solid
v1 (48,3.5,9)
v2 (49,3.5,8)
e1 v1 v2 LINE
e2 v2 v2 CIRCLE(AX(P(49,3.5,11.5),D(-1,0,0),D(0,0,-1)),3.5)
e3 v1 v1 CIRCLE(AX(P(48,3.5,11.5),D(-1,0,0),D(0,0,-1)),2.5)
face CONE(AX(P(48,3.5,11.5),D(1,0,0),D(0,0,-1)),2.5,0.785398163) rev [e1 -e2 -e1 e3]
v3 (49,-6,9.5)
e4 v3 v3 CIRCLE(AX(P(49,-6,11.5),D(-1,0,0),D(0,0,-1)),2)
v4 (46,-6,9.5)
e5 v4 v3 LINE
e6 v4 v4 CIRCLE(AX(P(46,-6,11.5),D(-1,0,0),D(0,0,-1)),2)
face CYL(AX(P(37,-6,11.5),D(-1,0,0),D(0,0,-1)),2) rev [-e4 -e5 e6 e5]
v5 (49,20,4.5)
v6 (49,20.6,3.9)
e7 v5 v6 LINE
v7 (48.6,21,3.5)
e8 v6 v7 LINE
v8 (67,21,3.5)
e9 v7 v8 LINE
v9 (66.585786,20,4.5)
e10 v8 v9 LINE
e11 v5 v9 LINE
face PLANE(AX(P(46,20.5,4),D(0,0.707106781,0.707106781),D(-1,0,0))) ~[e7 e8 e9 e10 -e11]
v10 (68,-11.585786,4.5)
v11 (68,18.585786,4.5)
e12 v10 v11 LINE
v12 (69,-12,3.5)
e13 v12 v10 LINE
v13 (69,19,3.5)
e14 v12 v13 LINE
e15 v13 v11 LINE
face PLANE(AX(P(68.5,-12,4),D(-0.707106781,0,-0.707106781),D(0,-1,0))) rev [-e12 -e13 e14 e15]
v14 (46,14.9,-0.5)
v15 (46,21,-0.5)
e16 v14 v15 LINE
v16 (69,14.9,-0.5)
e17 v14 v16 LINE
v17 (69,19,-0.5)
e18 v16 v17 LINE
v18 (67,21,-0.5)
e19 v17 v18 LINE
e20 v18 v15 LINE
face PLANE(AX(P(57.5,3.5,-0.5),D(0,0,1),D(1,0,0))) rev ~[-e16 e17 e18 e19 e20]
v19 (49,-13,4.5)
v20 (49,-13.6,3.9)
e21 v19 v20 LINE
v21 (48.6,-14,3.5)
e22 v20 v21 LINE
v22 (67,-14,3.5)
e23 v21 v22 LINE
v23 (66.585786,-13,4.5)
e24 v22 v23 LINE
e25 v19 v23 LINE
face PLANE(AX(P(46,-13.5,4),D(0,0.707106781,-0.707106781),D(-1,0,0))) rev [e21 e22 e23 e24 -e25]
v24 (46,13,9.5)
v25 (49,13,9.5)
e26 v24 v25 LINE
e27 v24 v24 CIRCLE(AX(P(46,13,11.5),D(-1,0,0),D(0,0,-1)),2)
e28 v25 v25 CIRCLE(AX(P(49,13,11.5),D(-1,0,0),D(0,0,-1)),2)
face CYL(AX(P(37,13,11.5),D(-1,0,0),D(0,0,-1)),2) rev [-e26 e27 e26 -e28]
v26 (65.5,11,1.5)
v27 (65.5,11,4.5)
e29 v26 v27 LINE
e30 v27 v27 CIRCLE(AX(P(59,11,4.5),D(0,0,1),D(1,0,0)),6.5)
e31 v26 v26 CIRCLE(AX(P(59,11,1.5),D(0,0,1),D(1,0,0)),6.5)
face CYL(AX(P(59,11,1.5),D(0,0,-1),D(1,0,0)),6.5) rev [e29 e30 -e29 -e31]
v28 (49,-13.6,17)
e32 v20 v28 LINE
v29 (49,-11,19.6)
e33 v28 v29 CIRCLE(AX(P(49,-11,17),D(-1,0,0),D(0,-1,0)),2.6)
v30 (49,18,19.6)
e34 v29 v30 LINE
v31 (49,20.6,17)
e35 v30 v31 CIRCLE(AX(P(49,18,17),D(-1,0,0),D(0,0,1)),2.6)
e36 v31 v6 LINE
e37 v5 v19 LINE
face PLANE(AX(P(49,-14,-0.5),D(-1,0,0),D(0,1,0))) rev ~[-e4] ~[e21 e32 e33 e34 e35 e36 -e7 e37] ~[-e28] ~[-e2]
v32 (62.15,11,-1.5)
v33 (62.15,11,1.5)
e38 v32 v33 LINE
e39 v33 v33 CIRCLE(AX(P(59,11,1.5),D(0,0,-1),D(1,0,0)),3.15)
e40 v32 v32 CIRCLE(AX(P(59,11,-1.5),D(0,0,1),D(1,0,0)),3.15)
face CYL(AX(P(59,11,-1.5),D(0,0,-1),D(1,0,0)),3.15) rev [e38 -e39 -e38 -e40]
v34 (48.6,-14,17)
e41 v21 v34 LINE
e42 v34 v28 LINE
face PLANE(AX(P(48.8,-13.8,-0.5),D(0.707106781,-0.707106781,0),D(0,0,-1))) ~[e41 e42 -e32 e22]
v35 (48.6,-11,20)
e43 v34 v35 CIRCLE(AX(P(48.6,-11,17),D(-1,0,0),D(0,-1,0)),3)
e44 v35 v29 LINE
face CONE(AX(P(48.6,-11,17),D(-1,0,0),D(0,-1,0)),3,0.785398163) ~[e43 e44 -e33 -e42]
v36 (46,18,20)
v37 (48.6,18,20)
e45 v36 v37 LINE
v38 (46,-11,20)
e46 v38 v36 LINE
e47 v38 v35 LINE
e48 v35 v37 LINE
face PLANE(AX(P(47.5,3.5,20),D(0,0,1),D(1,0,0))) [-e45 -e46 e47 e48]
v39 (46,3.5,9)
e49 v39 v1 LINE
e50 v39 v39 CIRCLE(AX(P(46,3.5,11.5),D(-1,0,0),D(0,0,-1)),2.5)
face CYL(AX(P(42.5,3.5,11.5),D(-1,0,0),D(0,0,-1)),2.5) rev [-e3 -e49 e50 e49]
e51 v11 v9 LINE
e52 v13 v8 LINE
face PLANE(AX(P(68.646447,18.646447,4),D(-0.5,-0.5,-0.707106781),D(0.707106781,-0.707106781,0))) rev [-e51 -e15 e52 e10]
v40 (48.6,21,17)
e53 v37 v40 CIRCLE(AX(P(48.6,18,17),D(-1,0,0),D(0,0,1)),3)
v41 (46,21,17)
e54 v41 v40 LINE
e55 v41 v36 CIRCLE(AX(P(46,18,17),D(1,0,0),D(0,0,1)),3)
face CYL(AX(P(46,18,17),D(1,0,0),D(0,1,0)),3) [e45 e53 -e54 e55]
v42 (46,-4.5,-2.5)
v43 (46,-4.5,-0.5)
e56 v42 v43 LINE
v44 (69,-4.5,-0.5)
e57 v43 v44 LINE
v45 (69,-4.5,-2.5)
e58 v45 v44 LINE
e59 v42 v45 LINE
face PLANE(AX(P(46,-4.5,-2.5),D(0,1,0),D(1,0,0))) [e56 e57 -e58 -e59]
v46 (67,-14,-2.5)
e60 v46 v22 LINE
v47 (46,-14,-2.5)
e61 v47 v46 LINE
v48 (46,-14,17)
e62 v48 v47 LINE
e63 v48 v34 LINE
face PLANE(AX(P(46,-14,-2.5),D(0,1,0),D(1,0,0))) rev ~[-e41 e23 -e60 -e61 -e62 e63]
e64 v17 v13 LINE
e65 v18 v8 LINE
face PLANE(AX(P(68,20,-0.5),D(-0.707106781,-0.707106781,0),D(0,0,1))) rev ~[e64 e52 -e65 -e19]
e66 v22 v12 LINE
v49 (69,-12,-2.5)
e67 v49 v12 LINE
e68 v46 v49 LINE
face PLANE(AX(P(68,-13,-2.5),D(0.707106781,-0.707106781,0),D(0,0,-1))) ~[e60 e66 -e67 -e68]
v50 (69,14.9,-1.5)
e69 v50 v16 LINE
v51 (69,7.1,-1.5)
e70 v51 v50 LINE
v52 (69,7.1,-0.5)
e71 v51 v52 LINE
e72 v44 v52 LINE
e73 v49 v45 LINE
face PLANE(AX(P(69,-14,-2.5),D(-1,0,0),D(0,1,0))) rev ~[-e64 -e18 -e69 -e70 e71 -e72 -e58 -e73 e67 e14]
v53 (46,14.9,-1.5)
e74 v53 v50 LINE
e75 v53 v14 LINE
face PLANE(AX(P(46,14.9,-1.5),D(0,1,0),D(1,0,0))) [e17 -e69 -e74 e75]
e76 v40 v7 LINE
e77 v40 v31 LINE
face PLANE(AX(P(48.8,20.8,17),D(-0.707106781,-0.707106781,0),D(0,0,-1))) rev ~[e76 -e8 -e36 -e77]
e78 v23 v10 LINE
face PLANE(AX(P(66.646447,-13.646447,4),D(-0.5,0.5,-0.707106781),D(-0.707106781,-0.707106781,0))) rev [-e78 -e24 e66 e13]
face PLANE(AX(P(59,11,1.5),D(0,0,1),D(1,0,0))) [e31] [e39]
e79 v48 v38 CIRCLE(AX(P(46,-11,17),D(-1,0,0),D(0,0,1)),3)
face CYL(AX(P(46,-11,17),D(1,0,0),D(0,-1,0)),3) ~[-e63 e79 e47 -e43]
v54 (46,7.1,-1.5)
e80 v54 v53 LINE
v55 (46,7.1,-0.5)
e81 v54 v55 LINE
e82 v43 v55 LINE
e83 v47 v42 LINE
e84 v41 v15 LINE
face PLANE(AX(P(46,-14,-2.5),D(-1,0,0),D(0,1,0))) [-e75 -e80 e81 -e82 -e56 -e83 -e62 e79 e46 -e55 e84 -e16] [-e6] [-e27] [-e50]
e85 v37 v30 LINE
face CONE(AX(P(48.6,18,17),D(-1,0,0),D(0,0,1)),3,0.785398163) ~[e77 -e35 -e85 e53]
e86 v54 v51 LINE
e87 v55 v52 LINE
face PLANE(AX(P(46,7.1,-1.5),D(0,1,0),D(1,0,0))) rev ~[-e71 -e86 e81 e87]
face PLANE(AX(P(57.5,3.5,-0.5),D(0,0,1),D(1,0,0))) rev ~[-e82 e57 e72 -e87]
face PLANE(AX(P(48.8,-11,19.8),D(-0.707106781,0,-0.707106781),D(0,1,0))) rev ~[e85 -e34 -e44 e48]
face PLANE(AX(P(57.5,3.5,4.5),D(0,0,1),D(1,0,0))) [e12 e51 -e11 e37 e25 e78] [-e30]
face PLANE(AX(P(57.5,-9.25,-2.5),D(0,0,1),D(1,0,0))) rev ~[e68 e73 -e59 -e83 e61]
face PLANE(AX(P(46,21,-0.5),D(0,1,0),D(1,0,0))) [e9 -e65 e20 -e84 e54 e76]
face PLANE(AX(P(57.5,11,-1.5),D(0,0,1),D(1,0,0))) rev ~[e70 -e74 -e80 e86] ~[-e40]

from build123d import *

# Parameters (mm, degrees)
CYLINDER032_R         = 3.15
CYLINDER032_DEPTH     = 10
CYLINDER033_R         = 6.5
CYLINDER033_DEPTH     = 3
CYLINDER034_R         = 2.5
CYLINDER034_DEPTH     = 10
CYLINDER036_R         = 2
CYLINDER036_DEPTH     = 14
CYLINDER037_R         = 2
CYLINDER037_DEPTH     = 14
BOX059_W              = 3
BOX059_H              = 35
BOX059_DEPTH          = 20.5
FILLET005015029_R     = 3
CHAMFER010015007_SIZE = 0.4
BOX061_W              = 23
BOX061_H              = 9.5
BOX061_DEPTH          = 2
CHAMFER010015004_SIZE = 2
BOX062_W              = 23
BOX062_H              = 7.8
BOX062_DEPTH          = 1
BOX060_W              = 23
BOX060_H              = 35
BOX060_DEPTH          = 5
CHAMFER010015003_SIZE = 2
CHAMFER010015005_SIZE = 2
CHAMFER010015006_SIZE = 1
CHAMFER010015008_SIZE = 1


with BuildPart() as cylinder032:
    # Cylinder032 → Cylinder032 (new body)
    with BuildSketch(Plane(origin=(59, 11, -1.5), x_dir=(1, 0, 0), z_dir=(0, 0, 1))):
        Circle(CYLINDER032_R)
    extrude(amount=CYLINDER032_DEPTH)


with BuildPart() as fusion001021004009015013002:
    # Cylinder033 → Cylinder033 (new body)
    with BuildSketch(Plane(origin=(59, 11, 1.5), x_dir=(1, 0, 0), z_dir=(0, 0, 1))):
        Circle(CYLINDER033_R)
    extrude(amount=CYLINDER033_DEPTH)

    # Fusion001021004009015013002: union Cylinder032
    add(cylinder032.part)


with BuildPart() as cylinder034:
    # Cylinder034 → Cylinder034 (new body)
    with BuildSketch(Plane(origin=(42.5, 3.5, 11.5), x_dir=(0, 0, -1), z_dir=(1, 0, 0))):
        Circle(CYLINDER034_R)
    extrude(amount=CYLINDER034_DEPTH)


with BuildPart() as cylinder036:
    # Cylinder036 → Cylinder036 (new body)
    with BuildSketch(Plane(origin=(37, 13, 11.5), x_dir=(0, 0, -1), z_dir=(1, 0, 0))):
        Circle(CYLINDER036_R)
    extrude(amount=CYLINDER036_DEPTH)


with BuildPart() as fusion001021004009015013004:
    # Cylinder037 → Cylinder037 (new body)
    with BuildSketch(Plane(origin=(37, -6, 11.5), x_dir=(0, 0, -1), z_dir=(1, 0, 0))):
        Circle(CYLINDER037_R)
    extrude(amount=CYLINDER037_DEPTH)

    # Fusion001021004009015013004: union Cylinder034, Cylinder036
    add(cylinder034.part)
    add(cylinder036.part)


with BuildPart() as chamfer010015007:
    # Box059 → Box059 (new body)
    with BuildSketch(Plane(origin=(46, -14, -0.5), x_dir=(1, 0, 0), z_dir=(0, 0, 1))):
        with Locations((1.5, 17.5)):
            Rectangle(BOX059_W, BOX059_H)
    extrude(amount=BOX059_DEPTH)

    # Fillet005015029
    fillet005015029_edges = [chamfer010015007.edges().sort_by_distance(p)[0] for p in [
        (47.5, -14, 20),
        (47.5, 21, 20),
    ]]
    fillet(fillet005015029_edges, radius=FILLET005015029_R)

    # Chamfer010015007
    chamfer010015007_edges = [chamfer010015007.edges().sort_by_distance(p)[0] for p in [
        (49, -14, 8.25),
        (49, -13.12132, 19.12132),
        (49, 3.5, 20),
        (49, 21, 8.25),
        (49, 20.12132, 19.12132),
    ]]
    chamfer(chamfer010015007_edges, length=CHAMFER010015007_SIZE)


with BuildPart() as chamfer010015004:
    # Box061 → Box061 (new body)
    with BuildSketch(Plane(origin=(46, -14, -2.5), x_dir=(1, 0, 0), z_dir=(0, 0, 1))):
        with Locations((11.5, 4.75)):
            Rectangle(BOX061_W, BOX061_H)
    extrude(amount=BOX061_DEPTH)

    # Chamfer010015004
    chamfer010015004_edges = [chamfer010015004.edges().sort_by_distance(p)[0] for p in [
        (69, -14, -1.5),
    ]]
    chamfer(chamfer010015004_edges, length=CHAMFER010015004_SIZE)


with BuildPart() as cube060:
    # Box062 → Box062 (new body)
    with BuildSketch(Plane(origin=(46, 7.1, -1.5), x_dir=(1, 0, 0), z_dir=(0, 0, 1))):
        with Locations((11.5, 3.9)):
            Rectangle(BOX062_W, BOX062_H)
    extrude(amount=BOX062_DEPTH)


with BuildPart() as side_mount:
    # Box060 → Box060 (new body)
    with BuildSketch(Plane(origin=(46, -14, -0.5), x_dir=(1, 0, 0), z_dir=(0, 0, 1))):
        with Locations((11.5, 17.5)):
            Rectangle(BOX060_W, BOX060_H)
    extrude(amount=BOX060_DEPTH)

    # Chamfer010015003
    chamfer010015003_edges = [side_mount.edges().sort_by_distance(p)[0] for p in [
        (69, -14, 2),
    ]]
    chamfer(chamfer010015003_edges, length=CHAMFER010015003_SIZE)

    # Chamfer010015005
    chamfer010015005_edges = [side_mount.edges().sort_by_distance(p)[0] for p in [
        (69, 21, 2),
    ]]
    chamfer(chamfer010015005_edges, length=CHAMFER010015005_SIZE)

    # Chamfer010015006
    chamfer010015006_edges = [side_mount.edges().sort_by_distance(p)[0] for p in [
        (69, 3.5, 4.5),
        (68, 20, 4.5),
        (56.5, 21, 4.5),
        (56.5, -14, 4.5),
        (68, -13, 4.5),
    ]]
    chamfer(chamfer010015006_edges, length=CHAMFER010015006_SIZE)

    # Fusion001021004009015013005: union Chamfer010015007, Chamfer010015004, Cube060
    add(chamfer010015007.part)
    add(chamfer010015004.part)
    add(cube060.part)

    # Cut019003009: cut Fusion001021004009015013004
    add(fusion001021004009015013004.part, mode=Mode.SUBTRACT)

    # Chamfer010015008
    chamfer010015008_edges = [side_mount.edges().sort_by_distance(p)[0] for p in [
        (49, 3.5, 14),
    ]]
    chamfer(chamfer010015008_edges, length=CHAMFER010015008_SIZE)

    # Cut019003010: cut Fusion001021004009015013002
    add(fusion001021004009015013002.part, mode=Mode.SUBTRACT)


solid = side_mount.part
